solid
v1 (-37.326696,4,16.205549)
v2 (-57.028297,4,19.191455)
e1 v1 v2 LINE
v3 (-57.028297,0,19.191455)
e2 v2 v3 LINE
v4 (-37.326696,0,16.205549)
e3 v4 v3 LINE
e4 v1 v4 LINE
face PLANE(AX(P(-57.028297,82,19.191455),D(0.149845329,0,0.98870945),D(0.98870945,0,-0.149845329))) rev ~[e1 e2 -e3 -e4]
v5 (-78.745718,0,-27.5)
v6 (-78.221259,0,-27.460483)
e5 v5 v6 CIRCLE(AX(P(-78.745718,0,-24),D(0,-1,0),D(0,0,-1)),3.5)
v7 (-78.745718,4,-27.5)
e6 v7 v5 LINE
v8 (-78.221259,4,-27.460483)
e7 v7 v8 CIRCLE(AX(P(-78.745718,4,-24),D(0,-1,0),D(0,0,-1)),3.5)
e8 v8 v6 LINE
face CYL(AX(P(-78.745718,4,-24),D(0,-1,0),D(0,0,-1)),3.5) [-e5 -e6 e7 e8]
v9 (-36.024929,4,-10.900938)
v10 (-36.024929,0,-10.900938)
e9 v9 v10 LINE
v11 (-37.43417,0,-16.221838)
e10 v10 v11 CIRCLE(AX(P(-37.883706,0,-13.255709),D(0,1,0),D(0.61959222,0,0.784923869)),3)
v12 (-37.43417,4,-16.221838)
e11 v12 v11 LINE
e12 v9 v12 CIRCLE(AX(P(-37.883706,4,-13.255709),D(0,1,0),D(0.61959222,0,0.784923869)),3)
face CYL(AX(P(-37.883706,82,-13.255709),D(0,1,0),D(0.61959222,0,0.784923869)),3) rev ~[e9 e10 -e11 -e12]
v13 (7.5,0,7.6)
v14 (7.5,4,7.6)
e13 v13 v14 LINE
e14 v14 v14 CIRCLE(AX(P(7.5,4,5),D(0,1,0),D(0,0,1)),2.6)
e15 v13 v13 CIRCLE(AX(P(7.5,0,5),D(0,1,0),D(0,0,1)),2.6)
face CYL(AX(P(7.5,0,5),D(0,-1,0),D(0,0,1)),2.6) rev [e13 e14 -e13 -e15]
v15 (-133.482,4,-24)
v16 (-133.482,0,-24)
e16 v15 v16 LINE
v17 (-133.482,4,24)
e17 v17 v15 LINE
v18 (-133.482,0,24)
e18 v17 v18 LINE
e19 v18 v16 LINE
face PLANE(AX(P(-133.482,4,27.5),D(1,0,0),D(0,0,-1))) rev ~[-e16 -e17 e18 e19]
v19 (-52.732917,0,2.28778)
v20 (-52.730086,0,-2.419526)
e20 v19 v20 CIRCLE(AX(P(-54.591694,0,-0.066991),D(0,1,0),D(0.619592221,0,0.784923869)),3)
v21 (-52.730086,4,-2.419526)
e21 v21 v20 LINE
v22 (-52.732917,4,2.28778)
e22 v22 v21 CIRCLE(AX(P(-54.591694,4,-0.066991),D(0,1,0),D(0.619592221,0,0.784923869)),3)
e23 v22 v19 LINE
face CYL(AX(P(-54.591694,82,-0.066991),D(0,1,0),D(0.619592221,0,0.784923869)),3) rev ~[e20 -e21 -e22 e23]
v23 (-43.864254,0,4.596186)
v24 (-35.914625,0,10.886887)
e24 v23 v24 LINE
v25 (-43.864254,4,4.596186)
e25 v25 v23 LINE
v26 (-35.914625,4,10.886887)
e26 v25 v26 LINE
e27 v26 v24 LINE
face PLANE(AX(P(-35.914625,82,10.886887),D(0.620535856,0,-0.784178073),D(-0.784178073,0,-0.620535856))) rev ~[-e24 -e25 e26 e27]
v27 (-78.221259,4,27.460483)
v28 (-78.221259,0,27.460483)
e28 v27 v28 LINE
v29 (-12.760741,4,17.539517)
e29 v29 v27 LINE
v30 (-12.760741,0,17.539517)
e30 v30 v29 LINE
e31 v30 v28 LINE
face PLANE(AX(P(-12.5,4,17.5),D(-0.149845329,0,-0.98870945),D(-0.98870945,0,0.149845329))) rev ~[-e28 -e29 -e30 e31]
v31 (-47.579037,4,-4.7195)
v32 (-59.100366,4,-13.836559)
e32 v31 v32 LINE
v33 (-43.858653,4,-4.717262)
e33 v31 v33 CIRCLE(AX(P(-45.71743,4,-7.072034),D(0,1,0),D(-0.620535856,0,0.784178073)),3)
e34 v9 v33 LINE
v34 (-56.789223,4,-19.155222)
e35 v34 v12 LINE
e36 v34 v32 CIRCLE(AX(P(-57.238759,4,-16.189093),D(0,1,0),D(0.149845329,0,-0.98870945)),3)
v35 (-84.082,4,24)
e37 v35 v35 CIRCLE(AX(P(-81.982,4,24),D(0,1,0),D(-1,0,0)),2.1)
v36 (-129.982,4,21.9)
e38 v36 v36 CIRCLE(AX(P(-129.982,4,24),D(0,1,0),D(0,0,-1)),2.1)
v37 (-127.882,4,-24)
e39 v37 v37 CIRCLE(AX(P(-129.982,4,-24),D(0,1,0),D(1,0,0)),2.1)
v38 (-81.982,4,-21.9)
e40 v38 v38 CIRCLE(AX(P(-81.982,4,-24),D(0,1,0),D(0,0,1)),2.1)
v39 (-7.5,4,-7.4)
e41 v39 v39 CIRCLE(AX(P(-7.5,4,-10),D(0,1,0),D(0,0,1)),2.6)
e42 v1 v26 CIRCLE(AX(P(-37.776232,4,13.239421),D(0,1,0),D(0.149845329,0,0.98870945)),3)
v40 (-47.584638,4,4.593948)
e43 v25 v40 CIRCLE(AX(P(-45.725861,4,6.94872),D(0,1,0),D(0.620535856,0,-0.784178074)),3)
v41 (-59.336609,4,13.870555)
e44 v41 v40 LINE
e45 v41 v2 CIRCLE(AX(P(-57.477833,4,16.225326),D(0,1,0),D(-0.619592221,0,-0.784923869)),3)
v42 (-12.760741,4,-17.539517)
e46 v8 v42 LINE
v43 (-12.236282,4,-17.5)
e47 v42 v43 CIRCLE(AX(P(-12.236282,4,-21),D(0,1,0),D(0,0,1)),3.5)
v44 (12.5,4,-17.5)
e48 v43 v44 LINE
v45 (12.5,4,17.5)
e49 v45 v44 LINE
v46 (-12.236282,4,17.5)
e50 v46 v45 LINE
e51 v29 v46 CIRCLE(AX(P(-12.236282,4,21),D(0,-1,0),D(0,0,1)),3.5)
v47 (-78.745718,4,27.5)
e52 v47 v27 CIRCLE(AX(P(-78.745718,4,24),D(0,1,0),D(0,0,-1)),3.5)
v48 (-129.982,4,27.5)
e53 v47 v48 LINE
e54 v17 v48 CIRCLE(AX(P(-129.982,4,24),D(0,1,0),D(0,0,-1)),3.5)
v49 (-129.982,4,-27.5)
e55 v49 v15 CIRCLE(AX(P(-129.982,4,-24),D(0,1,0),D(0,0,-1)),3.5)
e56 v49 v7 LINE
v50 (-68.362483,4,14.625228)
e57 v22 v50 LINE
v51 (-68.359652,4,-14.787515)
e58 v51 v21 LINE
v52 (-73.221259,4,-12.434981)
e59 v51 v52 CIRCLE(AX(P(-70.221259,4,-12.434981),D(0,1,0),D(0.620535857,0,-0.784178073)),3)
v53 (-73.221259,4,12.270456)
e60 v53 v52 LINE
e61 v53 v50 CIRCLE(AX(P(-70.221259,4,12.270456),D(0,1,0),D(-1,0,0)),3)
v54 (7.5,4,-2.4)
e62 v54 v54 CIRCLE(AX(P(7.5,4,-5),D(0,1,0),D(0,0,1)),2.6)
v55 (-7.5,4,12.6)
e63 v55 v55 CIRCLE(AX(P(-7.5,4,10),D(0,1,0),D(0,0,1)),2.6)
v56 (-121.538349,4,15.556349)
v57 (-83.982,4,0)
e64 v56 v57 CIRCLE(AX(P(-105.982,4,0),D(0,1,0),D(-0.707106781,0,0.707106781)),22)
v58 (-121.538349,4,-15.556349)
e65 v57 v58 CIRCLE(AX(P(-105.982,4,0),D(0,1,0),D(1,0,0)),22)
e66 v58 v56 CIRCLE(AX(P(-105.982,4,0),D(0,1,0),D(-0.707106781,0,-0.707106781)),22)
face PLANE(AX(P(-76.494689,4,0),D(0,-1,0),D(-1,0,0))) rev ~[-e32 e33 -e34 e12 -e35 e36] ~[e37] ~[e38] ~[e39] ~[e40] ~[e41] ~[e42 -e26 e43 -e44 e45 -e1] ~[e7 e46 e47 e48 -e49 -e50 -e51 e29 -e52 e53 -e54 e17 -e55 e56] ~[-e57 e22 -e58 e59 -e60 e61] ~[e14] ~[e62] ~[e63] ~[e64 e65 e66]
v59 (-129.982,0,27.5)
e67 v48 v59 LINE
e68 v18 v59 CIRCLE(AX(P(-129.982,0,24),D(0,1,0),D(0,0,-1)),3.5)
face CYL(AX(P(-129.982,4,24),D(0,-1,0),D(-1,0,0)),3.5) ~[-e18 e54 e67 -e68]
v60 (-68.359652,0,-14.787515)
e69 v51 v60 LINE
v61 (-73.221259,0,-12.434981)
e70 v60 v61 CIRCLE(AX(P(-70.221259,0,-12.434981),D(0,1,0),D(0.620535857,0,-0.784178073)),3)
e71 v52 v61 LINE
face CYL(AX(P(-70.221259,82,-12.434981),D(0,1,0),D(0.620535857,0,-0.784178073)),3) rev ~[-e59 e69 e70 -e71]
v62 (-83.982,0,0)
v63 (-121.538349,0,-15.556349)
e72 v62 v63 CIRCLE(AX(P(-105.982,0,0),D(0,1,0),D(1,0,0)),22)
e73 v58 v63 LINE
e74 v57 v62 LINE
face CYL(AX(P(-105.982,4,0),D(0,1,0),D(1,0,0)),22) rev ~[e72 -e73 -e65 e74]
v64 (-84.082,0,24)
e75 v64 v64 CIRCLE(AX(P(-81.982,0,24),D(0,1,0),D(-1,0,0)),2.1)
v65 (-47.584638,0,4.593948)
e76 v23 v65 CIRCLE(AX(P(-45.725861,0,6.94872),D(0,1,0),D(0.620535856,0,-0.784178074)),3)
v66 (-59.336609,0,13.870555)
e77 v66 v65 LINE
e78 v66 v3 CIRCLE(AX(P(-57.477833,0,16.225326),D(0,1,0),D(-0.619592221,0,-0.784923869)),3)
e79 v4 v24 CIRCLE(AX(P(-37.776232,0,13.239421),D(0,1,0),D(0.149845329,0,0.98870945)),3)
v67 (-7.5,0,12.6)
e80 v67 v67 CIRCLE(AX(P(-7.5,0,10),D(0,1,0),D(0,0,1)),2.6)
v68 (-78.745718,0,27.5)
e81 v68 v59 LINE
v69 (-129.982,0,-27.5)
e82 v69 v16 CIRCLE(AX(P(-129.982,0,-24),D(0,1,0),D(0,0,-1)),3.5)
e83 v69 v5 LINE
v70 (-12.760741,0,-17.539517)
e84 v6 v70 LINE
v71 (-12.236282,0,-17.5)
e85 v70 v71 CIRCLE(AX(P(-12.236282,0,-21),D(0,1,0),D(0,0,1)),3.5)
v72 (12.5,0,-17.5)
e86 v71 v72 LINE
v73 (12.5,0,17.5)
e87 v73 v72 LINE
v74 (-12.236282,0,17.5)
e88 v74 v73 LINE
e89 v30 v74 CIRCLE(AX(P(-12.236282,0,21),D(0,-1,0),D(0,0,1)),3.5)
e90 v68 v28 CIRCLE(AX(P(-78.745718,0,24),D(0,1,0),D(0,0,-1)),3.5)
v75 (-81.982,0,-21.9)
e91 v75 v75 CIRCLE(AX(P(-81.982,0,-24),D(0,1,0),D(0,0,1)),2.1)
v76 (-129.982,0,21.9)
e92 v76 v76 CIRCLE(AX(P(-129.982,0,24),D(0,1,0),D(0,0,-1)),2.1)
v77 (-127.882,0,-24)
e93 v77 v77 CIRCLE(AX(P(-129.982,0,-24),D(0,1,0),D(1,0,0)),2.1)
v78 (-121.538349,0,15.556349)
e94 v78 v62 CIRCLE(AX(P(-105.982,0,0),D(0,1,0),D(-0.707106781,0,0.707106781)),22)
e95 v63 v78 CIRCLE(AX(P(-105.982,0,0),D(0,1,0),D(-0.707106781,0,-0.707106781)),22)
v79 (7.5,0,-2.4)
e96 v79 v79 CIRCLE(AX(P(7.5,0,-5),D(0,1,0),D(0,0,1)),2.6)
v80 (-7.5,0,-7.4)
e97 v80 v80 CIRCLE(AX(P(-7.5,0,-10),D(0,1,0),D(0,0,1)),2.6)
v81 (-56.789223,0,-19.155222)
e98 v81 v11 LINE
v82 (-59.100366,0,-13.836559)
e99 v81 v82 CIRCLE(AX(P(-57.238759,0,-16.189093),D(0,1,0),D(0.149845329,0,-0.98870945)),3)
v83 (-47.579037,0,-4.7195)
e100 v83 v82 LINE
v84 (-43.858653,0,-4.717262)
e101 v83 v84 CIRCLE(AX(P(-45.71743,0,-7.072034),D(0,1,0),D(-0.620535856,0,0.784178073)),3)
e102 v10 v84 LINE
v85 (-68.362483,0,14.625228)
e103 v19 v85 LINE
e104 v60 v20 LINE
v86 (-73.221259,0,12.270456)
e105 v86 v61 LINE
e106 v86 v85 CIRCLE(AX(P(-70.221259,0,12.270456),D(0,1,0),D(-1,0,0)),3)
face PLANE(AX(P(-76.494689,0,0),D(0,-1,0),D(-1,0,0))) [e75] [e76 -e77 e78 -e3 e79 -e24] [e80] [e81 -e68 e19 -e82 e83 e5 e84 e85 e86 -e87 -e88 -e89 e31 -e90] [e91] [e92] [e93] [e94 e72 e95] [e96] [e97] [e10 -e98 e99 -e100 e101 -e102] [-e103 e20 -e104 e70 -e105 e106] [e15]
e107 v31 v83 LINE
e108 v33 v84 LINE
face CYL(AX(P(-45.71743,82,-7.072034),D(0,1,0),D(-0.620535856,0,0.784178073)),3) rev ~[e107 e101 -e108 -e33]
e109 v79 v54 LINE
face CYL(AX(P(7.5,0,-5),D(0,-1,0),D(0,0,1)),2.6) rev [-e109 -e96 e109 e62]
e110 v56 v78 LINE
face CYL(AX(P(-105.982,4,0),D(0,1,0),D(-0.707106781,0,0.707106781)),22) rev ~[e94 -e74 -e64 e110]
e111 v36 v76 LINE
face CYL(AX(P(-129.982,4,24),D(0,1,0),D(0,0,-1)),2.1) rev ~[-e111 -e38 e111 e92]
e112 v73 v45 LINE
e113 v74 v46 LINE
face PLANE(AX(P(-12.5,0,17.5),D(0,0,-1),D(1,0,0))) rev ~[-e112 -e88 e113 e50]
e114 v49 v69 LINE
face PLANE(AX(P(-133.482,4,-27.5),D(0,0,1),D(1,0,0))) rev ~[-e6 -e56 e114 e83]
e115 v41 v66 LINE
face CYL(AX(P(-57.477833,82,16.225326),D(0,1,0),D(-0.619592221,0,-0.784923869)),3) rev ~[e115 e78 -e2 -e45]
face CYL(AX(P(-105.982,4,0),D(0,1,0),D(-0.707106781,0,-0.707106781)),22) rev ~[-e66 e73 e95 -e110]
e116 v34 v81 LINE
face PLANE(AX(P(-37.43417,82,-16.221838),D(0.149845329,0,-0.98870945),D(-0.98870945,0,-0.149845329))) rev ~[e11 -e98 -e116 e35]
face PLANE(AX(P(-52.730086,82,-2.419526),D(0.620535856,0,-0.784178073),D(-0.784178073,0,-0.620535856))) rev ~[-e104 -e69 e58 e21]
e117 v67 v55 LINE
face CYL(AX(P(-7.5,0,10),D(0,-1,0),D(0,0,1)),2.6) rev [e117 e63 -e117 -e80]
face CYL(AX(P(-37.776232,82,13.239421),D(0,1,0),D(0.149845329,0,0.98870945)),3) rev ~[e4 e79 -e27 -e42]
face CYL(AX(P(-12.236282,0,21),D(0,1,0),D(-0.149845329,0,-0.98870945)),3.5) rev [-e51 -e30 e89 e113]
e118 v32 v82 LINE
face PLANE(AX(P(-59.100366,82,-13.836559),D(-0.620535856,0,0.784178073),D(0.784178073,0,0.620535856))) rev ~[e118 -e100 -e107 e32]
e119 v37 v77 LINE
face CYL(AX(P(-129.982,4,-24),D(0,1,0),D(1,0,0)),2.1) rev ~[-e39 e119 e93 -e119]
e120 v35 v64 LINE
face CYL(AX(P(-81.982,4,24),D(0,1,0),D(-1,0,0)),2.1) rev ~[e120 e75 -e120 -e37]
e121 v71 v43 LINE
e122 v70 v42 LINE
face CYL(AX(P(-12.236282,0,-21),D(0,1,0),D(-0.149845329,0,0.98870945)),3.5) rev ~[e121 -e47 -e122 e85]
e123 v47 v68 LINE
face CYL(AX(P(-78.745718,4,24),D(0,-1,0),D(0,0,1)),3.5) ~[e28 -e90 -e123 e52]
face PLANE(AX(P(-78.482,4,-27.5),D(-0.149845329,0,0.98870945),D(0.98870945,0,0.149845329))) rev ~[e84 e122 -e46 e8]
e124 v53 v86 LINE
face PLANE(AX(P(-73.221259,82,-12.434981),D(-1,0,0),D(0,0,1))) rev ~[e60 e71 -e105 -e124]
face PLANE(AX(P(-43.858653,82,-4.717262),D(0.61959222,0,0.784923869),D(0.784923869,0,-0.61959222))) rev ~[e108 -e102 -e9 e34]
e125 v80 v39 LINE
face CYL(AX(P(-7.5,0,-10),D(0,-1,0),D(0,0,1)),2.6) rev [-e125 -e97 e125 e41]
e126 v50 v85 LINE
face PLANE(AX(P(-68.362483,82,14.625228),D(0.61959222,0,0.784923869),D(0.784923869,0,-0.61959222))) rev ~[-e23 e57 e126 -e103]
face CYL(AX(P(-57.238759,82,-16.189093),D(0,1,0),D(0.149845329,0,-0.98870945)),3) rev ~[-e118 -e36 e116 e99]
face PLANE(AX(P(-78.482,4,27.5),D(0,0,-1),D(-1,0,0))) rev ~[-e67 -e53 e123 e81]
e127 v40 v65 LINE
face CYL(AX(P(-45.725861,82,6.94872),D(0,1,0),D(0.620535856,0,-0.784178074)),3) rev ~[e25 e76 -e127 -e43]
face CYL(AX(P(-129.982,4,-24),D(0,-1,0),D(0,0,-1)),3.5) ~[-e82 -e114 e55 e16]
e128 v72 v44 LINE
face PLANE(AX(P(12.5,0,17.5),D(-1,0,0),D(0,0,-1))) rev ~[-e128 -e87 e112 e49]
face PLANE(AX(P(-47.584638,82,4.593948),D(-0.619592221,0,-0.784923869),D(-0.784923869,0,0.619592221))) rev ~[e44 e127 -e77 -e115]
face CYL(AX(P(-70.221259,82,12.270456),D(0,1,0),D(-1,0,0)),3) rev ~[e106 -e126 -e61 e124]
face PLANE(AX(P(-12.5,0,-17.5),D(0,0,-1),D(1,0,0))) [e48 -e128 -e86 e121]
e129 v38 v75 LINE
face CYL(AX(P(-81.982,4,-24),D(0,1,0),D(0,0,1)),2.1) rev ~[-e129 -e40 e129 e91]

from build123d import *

# Parameters (mm, degrees)
SKETCH_1_W               = 25
SKETCH_1_H               = 35
SKETCH_1_R               = 2.6
EXTRUDE_1_DEPTH          = 4
EXTRUDE_2_DEPTH          = 4
FILLET_1_R               = 3.5
CUT_EXTRUDE_1_DEPTH      = 10
SKETCH_4_R               = 2.1
CUT_EXTRUDE_2_DEPTH      = 10
PATTERN_CIRCULAR_1_COUNT = 4
CUT_EXTRUDE_3_DEPTH      = 163


with BuildPart() as part:
    # 草图1 → 凸台-拉伸1 (new body)
    with BuildSketch(Plane(origin=(0, 0, 0), x_dir=(1, 0, 0), z_dir=(0, 1, 0))):
        Rectangle(SKETCH_1_W, SKETCH_1_H)
        with Locations(Location((7.5, 5, 0), (0, 0, 270))):
            Circle(SKETCH_1_R, mode=Mode.SUBTRACT)
        with Locations(Location((7.5, -5, 0), (0, 0, 270))):
            Circle(SKETCH_1_R, mode=Mode.SUBTRACT)
        with Locations(Location((-7.5, -10, 0), (0, 0, 270))):
            Circle(SKETCH_1_R, mode=Mode.SUBTRACT)
        with Locations(Location((-7.5, 10, 0), (0, 0, 270))):
            Circle(SKETCH_1_R, mode=Mode.SUBTRACT)
    extrude(amount=EXTRUDE_1_DEPTH)


with BuildPart() as body_2:
    # 草图2 → 凸台-拉伸2 (new body)
    with BuildSketch(Plane(origin=(0, 4, 0), x_dir=(1, 0, 0), z_dir=(0, 1, 0))):
        Polygon((-133.482, 27.5), (-78.482, 27.5), (-12.5, 17.5), (-12.5, -17.5), (-78.482, -27.5), (-133.482, -27.5), align=None)
    extrude(amount=-EXTRUDE_2_DEPTH)


with BuildPart() as part_1:
    add(part.part)

    # Combine 1: union body 2
    add(body_2.part)

    # 圆角1
    fillet_1_edges = [part_1.edges().sort_by_distance(p)[0] for p in [
        (-12.5, 2, -17.5),
        (-12.5, 2, 17.5),
        (-78.482, 2, 27.5),
        (-133.482, 2, 27.5),
        (-133.482, 2, -27.5),
        (-78.482, 2, -27.5),
    ]]
    fillet(fillet_1_edges, radius=FILLET_1_R)

    # 草图3 → 切除-拉伸1 (cut)
    with BuildSketch(Plane(origin=(0, 4, 0), x_dir=(1, 0, 0), z_dir=(0, 1, 0))):
        with BuildLine():
            ThreePointArc((-83.982, 0), (-97.562964488, 20.325349715), (-121.538349186, 15.556349186))
            Line((-121.538349186, 15.556349186), (-105.982, 0))
            Line((-105.982, 0), (-121.538349186, -15.556349186))
            ThreePointArc((-121.538349186, -15.556349186), (-97.562964488, -20.325349715), (-83.982, 0))
        make_face()
        with BuildLine():
            Line((-105.982, 0), (-121.538349186, 15.556349186))
            ThreePointArc((-121.538349186, 15.556349186), (-127.982, 0), (-121.538349186, -15.556349186))
            Line((-121.538349186, -15.556349186), (-105.982, 0))
        make_face()
    extrude(amount=-CUT_EXTRUDE_1_DEPTH, mode=Mode.SUBTRACT)

    # 草图4 → 切除-拉伸2 (cut)
    with BuildSketch(Plane(origin=(0, 4, 0), x_dir=(1, 0, 0), z_dir=(0, 1, 0))):
        with Locations(Location((-81.982, 24, 0), (0, 0, 270))):
            Circle(SKETCH_4_R)
    cut_extrude_2 = extrude(amount=-CUT_EXTRUDE_2_DEPTH, mode=Mode.SUBTRACT)

    # 阵列(圆周)1: 切除-拉伸2 ×4 about axis
    pattern_circular_1_axis = Axis((-105.982, 0, 0), (0, 1, 0))
    for i in range(1, PATTERN_CIRCULAR_1_COUNT):
        add(cut_extrude_2.rotate(pattern_circular_1_axis, i * 360 / PATTERN_CIRCULAR_1_COUNT), mode=Mode.SUBTRACT)

    # 草图5 → 切除-拉伸3 (cut)
    with BuildSketch(Plane(origin=(0, 82, 0), x_dir=(1, 0, 0), z_dir=(0, 1, 0))):
        with BuildLine():
            Line((-43.858652951, 4.717262465), (-36.024929121, 10.900937766))
            ThreePointArc((-36.024929121, 10.900937766), (-34.983693556, 14.023777786), (-37.434169796, 16.221837724))
            Line((-37.434169796, 16.221837724), (-56.789222754, 19.155221519))
            ThreePointArc((-56.789222754, 19.155221519), (-59.99021825, 17.384697858), (-59.100366311, 13.836558948))
            Line((-59.100366311, 13.836558948), (-47.579037182, 4.719499851))
            ThreePointArc((-47.579037182, 4.719499851), (-45.71923377, 4.072034614), (-43.858652951, 4.717262465))
        make_face()
        with BuildLine():
            Line((-35.914624614, -10.886886831), (-43.864253928, -4.59618552))
            ThreePointArc((-43.864253928, -4.59618552), (-45.72405734, -3.948720283), (-47.584638159, -4.593948133))
            Line((-47.584638159, -4.593948133), (-59.336609443, -13.870554782))
            ThreePointArc((-59.336609443, -13.870554782), (-60.230010812, -17.419276174), (-57.028296794, -19.191454741))
            Line((-57.028296794, -19.191454741), (-37.326696195, -16.205549403))
            ThreePointArc((-37.326696195, -16.205549403), (-34.876682386, -14.009233352), (-35.914624614, -10.886886831))
        make_face()
        with BuildLine():
            Line((-68.362482774, -14.625227843), (-52.732917259, -2.287780119))
            ThreePointArc((-52.732917259, -2.287780119), (-51.591694463, 0.065187331), (-52.730086351, 2.419525709))
            Line((-52.730086351, 2.419525709), (-68.359651866, 14.787514754))
            ThreePointArc((-68.359651866, 14.787514754), (-71.528006789, 15.135427044), (-73.221259435, 12.434980533))
            Line((-73.221259435, 12.434980533), (-73.221259435, -12.270456236))
            ThreePointArc((-73.221259435, -12.270456236), (-71.529630563, -14.970116398), (-68.362482774, -14.625227843))
        make_face()
    extrude(amount=-CUT_EXTRUDE_3_DEPTH, mode=Mode.SUBTRACT)


solid = part_1.part
